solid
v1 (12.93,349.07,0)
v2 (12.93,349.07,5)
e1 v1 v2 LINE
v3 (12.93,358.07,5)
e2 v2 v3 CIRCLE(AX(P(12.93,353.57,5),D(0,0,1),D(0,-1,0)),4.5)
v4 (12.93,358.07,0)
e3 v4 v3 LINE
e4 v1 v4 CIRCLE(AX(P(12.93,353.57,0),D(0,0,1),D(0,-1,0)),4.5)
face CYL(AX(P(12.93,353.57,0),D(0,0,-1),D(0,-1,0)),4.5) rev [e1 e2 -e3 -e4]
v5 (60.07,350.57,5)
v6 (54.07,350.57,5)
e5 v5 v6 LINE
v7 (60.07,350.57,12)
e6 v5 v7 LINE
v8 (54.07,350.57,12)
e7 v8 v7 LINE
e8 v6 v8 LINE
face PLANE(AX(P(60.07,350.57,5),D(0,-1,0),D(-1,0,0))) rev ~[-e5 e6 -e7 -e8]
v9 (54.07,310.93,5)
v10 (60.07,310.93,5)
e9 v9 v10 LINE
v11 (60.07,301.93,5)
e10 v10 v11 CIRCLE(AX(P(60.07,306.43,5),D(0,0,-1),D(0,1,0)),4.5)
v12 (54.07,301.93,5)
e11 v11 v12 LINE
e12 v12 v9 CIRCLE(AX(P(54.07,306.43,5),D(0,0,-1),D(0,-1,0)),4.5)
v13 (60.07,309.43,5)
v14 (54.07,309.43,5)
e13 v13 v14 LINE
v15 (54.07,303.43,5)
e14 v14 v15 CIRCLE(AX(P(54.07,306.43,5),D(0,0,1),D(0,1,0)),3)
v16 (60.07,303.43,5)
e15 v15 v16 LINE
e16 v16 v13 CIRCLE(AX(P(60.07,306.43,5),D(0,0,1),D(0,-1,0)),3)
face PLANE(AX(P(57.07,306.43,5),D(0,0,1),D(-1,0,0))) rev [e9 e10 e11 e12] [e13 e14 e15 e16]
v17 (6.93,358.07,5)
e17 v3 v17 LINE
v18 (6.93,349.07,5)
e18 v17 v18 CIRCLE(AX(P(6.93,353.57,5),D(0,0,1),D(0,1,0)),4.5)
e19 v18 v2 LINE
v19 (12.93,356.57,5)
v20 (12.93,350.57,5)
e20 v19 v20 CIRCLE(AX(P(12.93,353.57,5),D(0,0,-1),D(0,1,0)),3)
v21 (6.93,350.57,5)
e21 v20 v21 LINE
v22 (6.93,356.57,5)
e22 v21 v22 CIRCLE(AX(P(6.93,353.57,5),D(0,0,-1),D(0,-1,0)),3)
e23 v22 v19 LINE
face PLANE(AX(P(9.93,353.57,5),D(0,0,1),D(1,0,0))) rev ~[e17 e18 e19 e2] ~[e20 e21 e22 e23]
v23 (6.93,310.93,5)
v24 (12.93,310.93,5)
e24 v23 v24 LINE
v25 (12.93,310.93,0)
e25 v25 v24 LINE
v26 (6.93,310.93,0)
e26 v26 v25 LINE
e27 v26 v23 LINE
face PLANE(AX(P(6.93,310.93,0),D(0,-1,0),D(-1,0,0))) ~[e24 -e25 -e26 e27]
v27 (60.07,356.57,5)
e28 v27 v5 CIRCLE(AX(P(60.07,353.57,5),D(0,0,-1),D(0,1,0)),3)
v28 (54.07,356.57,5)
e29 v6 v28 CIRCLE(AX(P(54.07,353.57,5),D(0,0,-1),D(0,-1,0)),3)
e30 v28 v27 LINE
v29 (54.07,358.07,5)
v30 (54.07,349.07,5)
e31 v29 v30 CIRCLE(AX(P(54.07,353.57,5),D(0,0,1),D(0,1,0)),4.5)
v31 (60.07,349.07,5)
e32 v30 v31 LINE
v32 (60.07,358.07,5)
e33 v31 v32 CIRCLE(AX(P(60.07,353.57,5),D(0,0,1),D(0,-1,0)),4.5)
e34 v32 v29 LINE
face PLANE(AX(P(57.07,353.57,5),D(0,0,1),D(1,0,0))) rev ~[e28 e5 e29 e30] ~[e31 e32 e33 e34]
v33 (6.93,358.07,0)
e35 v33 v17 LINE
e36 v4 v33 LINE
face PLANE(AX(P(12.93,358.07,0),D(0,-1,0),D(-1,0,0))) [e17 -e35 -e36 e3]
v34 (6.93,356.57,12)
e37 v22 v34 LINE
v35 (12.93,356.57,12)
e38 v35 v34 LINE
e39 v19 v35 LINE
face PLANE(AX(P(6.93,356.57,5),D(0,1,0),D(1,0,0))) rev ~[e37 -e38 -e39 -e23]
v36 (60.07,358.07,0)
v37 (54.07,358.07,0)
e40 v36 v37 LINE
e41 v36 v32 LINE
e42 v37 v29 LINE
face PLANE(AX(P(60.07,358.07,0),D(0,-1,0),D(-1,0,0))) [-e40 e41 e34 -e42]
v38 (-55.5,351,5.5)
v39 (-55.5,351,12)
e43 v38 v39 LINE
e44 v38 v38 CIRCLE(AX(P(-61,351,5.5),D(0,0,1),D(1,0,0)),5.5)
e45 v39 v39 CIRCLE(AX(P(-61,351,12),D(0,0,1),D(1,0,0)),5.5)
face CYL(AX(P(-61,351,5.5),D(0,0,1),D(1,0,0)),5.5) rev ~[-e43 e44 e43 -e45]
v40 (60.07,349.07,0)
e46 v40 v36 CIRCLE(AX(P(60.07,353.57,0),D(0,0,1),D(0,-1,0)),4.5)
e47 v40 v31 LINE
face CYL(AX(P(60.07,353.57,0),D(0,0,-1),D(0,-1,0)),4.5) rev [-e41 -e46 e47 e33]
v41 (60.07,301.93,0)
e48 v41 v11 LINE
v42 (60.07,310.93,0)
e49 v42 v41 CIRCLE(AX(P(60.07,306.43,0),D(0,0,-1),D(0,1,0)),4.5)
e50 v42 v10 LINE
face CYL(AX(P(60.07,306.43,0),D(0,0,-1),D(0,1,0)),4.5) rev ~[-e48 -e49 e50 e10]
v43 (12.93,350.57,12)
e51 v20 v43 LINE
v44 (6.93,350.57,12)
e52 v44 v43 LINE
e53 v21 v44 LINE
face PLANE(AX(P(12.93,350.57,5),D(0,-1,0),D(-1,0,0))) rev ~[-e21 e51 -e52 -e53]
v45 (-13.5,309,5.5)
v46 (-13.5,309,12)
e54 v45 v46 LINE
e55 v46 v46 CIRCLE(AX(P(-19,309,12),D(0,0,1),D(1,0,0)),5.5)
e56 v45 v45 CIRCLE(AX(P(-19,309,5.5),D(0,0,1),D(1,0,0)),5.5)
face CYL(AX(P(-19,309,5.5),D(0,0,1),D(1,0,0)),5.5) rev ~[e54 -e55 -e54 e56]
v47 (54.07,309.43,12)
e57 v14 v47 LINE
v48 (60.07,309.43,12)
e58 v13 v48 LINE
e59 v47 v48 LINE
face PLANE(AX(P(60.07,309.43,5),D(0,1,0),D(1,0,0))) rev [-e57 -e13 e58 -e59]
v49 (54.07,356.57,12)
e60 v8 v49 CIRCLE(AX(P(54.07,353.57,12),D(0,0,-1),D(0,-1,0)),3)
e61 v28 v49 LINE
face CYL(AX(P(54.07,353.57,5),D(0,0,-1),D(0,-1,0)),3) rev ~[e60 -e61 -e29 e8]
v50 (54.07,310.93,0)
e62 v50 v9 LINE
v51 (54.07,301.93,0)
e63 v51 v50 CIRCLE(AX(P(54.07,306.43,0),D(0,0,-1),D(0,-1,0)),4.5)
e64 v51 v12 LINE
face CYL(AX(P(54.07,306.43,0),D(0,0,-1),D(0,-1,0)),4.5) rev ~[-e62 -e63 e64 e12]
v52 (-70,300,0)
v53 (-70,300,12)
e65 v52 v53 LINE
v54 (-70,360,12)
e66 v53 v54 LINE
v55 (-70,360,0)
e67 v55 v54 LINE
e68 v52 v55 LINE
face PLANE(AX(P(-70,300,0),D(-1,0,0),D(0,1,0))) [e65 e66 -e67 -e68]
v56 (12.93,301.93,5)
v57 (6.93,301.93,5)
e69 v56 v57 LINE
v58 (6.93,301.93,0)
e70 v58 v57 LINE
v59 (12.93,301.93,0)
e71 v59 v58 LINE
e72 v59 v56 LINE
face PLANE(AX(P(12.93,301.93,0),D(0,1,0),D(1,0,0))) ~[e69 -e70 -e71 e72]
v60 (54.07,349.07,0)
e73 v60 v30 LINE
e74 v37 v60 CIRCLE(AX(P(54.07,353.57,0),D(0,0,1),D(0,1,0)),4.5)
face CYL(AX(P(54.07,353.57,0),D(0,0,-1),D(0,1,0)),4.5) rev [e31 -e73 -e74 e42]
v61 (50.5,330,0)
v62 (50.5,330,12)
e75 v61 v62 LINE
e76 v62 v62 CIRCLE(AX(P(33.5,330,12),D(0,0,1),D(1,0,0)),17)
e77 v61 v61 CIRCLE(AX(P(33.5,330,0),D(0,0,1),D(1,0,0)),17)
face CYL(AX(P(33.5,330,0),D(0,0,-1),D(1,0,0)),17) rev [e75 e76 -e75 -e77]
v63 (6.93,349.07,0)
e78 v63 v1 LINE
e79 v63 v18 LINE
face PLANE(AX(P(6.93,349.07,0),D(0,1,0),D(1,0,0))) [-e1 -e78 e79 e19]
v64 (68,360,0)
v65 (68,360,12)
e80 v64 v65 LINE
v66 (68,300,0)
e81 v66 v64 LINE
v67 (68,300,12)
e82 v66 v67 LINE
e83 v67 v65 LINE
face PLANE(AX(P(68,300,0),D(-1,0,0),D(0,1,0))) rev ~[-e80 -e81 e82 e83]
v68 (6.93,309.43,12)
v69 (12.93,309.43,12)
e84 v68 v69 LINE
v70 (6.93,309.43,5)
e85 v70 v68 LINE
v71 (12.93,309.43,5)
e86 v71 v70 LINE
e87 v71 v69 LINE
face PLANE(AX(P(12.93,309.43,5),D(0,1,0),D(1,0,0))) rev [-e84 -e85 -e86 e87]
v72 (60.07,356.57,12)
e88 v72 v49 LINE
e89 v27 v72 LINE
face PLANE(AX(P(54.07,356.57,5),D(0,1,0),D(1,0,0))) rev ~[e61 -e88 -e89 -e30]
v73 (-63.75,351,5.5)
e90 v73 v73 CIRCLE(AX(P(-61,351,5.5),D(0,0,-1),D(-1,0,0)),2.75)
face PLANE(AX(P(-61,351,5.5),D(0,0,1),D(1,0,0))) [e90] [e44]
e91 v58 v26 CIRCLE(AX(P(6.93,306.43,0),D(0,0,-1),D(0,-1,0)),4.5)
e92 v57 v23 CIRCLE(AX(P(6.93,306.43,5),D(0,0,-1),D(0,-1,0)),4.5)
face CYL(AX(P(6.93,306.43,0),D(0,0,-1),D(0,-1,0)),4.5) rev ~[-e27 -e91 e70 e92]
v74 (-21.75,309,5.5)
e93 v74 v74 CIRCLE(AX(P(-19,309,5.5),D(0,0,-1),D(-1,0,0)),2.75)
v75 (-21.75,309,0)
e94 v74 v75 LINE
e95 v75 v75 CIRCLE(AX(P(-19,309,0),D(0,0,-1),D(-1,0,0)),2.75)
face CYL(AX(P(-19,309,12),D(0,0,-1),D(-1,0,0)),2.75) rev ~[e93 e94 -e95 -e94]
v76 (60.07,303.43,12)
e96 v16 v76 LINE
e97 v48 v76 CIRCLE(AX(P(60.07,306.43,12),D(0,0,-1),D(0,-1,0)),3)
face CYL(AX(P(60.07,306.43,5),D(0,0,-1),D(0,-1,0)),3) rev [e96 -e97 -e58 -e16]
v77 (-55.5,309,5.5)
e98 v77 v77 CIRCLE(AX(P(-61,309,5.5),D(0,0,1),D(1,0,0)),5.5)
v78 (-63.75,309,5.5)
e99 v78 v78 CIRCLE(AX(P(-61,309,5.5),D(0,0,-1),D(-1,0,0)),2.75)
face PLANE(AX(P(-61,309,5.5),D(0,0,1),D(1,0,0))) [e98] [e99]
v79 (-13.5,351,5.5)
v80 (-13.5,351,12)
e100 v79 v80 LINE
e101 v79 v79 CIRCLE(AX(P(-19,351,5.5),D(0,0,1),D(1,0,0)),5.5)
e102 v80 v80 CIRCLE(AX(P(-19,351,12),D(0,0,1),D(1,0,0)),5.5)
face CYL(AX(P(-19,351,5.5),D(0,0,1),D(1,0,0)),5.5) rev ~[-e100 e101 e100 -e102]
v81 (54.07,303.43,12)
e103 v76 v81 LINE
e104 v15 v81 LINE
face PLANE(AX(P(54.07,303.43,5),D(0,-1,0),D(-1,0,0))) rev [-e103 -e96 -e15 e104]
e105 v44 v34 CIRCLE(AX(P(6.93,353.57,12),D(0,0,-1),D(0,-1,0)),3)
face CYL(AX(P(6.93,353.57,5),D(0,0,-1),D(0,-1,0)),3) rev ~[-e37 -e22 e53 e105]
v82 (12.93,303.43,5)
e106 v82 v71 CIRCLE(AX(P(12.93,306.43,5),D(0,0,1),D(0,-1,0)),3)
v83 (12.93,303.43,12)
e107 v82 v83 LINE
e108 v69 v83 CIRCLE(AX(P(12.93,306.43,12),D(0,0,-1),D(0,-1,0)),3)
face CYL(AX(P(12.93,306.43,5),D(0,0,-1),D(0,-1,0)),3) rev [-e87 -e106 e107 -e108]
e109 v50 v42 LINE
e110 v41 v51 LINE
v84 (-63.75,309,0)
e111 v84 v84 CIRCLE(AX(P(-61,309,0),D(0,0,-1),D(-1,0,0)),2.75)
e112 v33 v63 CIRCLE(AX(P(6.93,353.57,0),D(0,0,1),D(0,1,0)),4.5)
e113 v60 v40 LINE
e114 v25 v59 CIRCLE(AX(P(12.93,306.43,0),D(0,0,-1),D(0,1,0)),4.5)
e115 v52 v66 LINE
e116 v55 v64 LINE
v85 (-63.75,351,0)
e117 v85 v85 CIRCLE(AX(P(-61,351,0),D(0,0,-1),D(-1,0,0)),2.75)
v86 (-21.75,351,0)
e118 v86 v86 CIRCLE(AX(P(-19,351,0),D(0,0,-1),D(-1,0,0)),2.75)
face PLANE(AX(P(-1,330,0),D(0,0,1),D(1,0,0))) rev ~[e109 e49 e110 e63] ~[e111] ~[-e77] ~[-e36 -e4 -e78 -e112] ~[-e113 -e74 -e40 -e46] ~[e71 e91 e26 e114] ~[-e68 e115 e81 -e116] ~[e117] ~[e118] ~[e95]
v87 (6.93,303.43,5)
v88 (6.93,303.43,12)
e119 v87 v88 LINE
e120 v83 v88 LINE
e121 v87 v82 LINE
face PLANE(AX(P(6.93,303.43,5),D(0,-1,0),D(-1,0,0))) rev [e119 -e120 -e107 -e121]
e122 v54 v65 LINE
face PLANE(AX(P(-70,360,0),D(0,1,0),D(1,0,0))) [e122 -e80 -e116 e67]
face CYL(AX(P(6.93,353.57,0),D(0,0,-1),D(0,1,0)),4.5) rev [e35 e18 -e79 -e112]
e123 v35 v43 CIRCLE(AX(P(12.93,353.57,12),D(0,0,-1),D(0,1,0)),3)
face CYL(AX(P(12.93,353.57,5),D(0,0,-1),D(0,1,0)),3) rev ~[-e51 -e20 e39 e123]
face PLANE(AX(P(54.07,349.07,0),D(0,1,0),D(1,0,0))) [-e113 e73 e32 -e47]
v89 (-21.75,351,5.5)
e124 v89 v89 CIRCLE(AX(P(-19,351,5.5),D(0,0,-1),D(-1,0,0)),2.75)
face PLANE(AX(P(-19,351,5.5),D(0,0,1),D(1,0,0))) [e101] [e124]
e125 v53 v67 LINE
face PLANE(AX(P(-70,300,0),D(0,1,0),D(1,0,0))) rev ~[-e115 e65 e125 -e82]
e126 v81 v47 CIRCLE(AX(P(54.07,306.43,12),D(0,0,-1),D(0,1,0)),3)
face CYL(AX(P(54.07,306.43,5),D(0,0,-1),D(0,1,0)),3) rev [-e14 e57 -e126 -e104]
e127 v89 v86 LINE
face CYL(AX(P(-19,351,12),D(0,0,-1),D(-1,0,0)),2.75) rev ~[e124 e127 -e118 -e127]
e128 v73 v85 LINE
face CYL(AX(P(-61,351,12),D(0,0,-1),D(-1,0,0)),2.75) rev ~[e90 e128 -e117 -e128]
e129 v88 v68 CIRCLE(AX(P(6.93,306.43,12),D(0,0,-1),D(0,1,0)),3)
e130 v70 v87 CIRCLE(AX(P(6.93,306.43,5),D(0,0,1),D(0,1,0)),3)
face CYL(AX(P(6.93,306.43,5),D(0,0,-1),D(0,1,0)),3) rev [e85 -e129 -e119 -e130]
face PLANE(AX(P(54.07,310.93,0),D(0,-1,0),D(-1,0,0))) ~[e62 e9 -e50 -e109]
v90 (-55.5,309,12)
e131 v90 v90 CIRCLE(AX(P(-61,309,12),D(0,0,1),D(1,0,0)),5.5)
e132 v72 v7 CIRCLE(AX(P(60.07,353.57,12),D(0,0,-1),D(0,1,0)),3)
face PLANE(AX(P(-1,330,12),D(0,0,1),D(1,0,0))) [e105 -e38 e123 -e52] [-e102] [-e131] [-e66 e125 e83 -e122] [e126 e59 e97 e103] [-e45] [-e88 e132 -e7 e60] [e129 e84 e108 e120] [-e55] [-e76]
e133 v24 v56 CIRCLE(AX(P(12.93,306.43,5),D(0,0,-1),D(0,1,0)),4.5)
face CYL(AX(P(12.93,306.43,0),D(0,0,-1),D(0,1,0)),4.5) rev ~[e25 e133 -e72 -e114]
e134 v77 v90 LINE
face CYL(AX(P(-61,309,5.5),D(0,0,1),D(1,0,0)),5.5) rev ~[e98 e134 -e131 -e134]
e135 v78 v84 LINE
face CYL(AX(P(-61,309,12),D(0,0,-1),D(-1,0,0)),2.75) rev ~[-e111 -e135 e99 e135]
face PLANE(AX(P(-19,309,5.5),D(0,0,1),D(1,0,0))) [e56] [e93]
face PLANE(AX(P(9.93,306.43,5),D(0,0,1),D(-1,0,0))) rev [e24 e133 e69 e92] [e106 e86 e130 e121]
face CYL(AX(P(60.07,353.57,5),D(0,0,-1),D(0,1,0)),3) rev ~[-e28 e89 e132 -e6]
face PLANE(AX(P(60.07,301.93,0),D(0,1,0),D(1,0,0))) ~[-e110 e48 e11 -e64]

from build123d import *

# Parameters (mm, degrees)
SZKIC1_W                                             = 138
SZKIC1_H                                             = 60
SZKIC1_R                                             = 17
DODANIE_WYCI_GNI_CIE1_DEPTH                          = 12
POG_BIENIE_WALCOWE_POD_M5_WKR_T_DO_CZ_CI_D           = 5.5
POG_BIENIE_WALCOWE_POD_M5_WKR_T_DO_CZ_CI_CBORE_D     = 11
POG_BIENIE_WALCOWE_POD_M5_WKR_T_DO_CZ_CI_CBORE_DEPTH = 6.5
WYTNIJ_WYCI_GNI_CIE1_DEPTH                           = 5
WYTNIJ_WYCI_GNI_CIE2_DEPTH                           = 367.809214715


with BuildPart() as part:
    # Szkic1 → Dodanie-wyciągnięcie1 (new body)
    with BuildSketch(Plane.XY):
        with Locations((-1, 330)):
            Rectangle(SZKIC1_W, SZKIC1_H)
        with Locations((33.5, 330)):
            Circle(SZKIC1_R, mode=Mode.SUBTRACT)
    extrude(amount=DODANIE_WYCI_GNI_CIE1_DEPTH)

    # Pogłębienie walcowe pod M5 Wkręt do części metalowych z łbem sześciokątnym1 (through all)
    with Locations(Plane.XY.offset(12)):
        with Locations((-61, 351), (-19, 351), (-61, 309), (-19, 309)):
            CounterBoreHole(POG_BIENIE_WALCOWE_POD_M5_WKR_T_DO_CZ_CI_D / 2, POG_BIENIE_WALCOWE_POD_M5_WKR_T_DO_CZ_CI_CBORE_D / 2, POG_BIENIE_WALCOWE_POD_M5_WKR_T_DO_CZ_CI_CBORE_DEPTH)

    # Szkic5 → Wytnij-wyciągnięcie1 (cut)
    with BuildSketch(Plane(origin=(0, 0, 0), x_dir=(-1, 0, 0), z_dir=(0, 0, -1))):
        with BuildLine():
            Line((-12.93, 358.07), (-6.93, 358.07))
            ThreePointArc((-6.93, 358.07), (-2.43, 353.57), (-6.93, 349.07))
            Line((-6.93, 349.07), (-12.93, 349.07))
            ThreePointArc((-12.93, 349.07), (-17.43, 353.57), (-12.93, 358.07))
        make_face()
        with BuildLine():
            Line((-60.07, 358.07), (-54.07, 358.07))
            ThreePointArc((-54.07, 358.07), (-49.57, 353.57), (-54.07, 349.07))
            Line((-54.07, 349.07), (-60.07, 349.07))
            ThreePointArc((-60.07, 349.07), (-64.57, 353.57), (-60.07, 358.07))
        make_face()
    wytnij_wyci_gni_cie1 = extrude(amount=-WYTNIJ_WYCI_GNI_CIE1_DEPTH, mode=Mode.SUBTRACT)

    # Szkic7 → Wytnij-wyciągnięcie2 (cut, through all)
    with BuildSketch(Plane(origin=(0, 0, 5), x_dir=(-1, 0, 0), z_dir=(0, 0, -1))):
        with BuildLine():
            Line((-60.07, 350.57), (-54.07, 350.57))
            ThreePointArc((-54.07, 350.57), (-51.07, 353.57), (-54.07, 356.57))
            Line((-54.07, 356.57), (-60.07, 356.57))
            ThreePointArc((-60.07, 356.57), (-63.07, 353.57), (-60.07, 350.57))
        make_face()
        with BuildLine():
            Line((-12.93, 350.57), (-6.93, 350.57))
            ThreePointArc((-6.93, 350.57), (-3.93, 353.57), (-6.93, 356.57))
            Line((-6.93, 356.57), (-12.93, 356.57))
            ThreePointArc((-12.93, 356.57), (-15.93, 353.57), (-12.93, 350.57))
        make_face()
    wytnij_wyci_gni_cie2 = extrude(amount=-WYTNIJ_WYCI_GNI_CIE2_DEPTH, mode=Mode.SUBTRACT)

    # Lustro1: Wytnij-wyciągnięcie1, Wytnij-wyciągnięcie2 across plane
    add(wytnij_wyci_gni_cie1.mirror(Plane.ZX.offset(330)), mode=Mode.SUBTRACT)
    add(wytnij_wyci_gni_cie2.mirror(Plane.ZX.offset(330)), mode=Mode.SUBTRACT)


solid = part.part
